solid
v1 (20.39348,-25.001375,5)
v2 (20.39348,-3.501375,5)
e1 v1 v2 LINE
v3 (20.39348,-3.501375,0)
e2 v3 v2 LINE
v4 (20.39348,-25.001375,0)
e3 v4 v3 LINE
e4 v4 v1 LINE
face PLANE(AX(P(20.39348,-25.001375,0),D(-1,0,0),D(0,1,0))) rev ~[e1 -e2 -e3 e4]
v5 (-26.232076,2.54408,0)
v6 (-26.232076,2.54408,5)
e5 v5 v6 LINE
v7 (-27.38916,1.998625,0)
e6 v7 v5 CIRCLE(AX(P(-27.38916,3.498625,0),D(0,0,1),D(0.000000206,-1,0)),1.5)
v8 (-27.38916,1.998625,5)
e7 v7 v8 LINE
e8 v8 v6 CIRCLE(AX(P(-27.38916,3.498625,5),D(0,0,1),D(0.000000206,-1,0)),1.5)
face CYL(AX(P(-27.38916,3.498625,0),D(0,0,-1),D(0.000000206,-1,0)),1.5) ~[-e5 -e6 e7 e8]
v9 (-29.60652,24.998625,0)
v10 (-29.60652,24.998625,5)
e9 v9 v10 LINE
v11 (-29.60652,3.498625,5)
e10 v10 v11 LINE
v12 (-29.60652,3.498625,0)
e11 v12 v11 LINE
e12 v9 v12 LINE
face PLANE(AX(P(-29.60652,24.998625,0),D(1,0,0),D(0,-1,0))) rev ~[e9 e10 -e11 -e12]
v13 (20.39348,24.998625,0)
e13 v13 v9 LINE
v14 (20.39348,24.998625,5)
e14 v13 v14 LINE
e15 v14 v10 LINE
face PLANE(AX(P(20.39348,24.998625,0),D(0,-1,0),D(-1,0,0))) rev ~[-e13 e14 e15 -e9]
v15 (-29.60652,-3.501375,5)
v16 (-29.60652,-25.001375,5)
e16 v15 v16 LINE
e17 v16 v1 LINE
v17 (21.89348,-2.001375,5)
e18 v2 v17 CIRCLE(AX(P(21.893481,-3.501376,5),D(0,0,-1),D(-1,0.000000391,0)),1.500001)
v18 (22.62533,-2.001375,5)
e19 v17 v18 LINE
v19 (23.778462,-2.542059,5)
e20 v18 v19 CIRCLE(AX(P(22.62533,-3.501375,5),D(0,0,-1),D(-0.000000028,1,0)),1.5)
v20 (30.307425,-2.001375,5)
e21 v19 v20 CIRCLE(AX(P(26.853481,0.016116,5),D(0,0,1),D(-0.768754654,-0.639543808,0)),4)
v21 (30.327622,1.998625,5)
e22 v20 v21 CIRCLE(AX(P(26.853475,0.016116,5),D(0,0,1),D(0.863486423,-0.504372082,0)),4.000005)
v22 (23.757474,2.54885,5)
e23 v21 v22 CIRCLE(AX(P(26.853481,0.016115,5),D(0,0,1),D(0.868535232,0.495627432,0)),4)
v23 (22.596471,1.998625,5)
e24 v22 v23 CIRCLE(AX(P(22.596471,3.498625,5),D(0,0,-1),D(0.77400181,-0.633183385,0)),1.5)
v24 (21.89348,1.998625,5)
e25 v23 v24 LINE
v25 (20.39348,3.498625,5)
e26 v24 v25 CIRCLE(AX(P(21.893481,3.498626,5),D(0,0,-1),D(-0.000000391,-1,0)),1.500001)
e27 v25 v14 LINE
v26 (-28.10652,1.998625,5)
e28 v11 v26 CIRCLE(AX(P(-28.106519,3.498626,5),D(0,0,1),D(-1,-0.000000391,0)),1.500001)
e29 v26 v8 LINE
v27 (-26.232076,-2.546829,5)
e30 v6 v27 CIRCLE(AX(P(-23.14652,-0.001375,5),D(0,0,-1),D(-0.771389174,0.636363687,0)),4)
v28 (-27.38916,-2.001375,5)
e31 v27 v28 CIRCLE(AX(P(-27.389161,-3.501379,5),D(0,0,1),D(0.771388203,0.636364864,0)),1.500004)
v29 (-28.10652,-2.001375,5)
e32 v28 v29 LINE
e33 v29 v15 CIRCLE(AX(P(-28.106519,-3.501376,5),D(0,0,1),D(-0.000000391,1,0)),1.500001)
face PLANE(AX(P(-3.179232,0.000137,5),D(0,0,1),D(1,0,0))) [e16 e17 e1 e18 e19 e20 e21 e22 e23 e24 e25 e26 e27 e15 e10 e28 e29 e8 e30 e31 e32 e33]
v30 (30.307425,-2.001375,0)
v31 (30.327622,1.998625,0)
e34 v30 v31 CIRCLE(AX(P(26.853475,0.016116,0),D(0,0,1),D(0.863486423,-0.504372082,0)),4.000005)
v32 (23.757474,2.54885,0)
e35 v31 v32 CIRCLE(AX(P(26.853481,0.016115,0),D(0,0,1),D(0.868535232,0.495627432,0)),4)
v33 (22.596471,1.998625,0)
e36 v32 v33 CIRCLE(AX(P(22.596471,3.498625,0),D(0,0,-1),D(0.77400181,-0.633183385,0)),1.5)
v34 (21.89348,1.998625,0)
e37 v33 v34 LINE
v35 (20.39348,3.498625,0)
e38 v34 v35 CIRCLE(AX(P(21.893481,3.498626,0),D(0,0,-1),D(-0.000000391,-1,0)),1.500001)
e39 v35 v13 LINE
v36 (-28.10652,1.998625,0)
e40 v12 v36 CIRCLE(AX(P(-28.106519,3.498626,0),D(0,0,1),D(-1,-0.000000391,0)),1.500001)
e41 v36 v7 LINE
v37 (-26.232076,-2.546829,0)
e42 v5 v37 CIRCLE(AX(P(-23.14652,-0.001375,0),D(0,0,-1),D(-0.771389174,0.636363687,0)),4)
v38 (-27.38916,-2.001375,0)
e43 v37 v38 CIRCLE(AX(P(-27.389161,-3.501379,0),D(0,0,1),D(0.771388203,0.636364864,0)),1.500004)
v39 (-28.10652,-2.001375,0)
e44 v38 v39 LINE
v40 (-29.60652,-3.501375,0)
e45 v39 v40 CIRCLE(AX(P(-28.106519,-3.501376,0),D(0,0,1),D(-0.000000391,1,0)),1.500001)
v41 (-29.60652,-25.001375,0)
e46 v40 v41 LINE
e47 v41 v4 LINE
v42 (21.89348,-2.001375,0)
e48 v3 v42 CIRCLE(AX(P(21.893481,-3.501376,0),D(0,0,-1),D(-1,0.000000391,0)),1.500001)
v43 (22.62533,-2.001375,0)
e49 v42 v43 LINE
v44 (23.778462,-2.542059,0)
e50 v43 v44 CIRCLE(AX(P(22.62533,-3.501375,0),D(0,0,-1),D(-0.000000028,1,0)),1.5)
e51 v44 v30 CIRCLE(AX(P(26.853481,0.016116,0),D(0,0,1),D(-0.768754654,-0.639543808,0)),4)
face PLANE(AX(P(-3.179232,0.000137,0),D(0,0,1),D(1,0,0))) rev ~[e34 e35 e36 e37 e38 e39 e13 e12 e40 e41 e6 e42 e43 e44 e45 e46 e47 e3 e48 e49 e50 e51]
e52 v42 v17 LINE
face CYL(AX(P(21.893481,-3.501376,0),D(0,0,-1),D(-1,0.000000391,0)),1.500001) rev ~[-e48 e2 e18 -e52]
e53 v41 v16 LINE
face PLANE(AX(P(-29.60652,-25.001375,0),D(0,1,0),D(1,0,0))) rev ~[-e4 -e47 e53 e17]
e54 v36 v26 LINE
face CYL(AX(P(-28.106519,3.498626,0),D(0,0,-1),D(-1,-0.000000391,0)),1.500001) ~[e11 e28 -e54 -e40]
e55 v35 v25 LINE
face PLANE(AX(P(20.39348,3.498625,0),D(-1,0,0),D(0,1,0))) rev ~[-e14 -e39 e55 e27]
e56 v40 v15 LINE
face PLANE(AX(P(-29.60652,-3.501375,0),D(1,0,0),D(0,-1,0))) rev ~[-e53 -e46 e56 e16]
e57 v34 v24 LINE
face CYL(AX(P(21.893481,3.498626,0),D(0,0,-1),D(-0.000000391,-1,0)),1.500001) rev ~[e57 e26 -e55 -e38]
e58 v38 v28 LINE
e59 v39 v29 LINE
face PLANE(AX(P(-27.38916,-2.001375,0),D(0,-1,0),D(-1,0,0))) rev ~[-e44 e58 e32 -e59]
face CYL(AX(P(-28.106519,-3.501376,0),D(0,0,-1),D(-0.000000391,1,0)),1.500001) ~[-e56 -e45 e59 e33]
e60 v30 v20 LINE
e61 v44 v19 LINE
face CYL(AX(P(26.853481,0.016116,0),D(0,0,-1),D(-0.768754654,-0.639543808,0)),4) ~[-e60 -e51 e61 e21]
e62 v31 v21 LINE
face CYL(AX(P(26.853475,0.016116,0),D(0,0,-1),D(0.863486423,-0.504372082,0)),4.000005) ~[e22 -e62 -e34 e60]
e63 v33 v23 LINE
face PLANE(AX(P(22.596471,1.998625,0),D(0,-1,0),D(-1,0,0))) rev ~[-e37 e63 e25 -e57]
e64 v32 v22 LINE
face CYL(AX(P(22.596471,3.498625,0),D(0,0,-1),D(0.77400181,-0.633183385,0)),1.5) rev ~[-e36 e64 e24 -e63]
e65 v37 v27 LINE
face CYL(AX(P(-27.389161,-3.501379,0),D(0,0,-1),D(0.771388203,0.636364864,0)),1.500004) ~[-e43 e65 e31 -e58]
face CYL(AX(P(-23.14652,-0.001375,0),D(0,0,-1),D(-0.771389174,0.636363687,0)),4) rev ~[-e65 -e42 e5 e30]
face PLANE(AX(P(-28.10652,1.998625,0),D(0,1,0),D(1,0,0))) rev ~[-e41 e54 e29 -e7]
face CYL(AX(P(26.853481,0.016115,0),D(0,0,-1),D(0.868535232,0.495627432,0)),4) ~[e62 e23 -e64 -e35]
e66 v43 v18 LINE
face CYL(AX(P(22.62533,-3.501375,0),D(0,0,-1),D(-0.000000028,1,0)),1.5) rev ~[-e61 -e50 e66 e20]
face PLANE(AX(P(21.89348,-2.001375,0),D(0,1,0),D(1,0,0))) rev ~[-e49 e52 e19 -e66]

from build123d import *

# Parameters (mm, degrees)
F1_DEPTH = 5


with BuildPart() as f1:
    # F0 (on Top) → F1 (new body)
    with BuildSketch(Plane.XY):
        with BuildLine():
            Line((20.39348, 24.998625), (-29.60652, 24.998625))
            Line((-29.60652, 24.998625), (-29.60652, 3.498625))
            ThreePointArc((-29.60652, 3.498625), (-29.16718, 2.437965), (-28.10652, 1.998625))
            Line((-28.10652, 1.998625), (-27.38916, 1.998625))
            ThreePointArc((-27.38916, 1.998625), (-26.749558, 2.141824), (-26.232076, 2.54408))
            ThreePointArc((-26.232076, 2.54408), (-19.14652, -0.001375), (-26.232076, -2.546829))
            ThreePointArc((-26.232076, -2.546829), (-26.749558, -2.144574), (-27.38916, -2.001375))
            Line((-27.38916, -2.001375), (-28.10652, -2.001375))
            ThreePointArc((-28.10652, -2.001375), (-29.16718, -2.440715), (-29.60652, -3.501375))
            Line((-29.60652, -3.501375), (-29.60652, -25.001375))
            Line((-29.60652, -25.001375), (20.39348, -25.001375))
            Line((20.39348, -25.001375), (20.39348, -3.501375))
            ThreePointArc((20.39348, -3.501375), (20.83282, -2.440715), (21.89348, -2.001375))
            Line((21.89348, -2.001375), (22.62533, -2.001375))
            ThreePointArc((22.62533, -2.001375), (23.262129, -2.143256), (23.778462, -2.542059))
            ThreePointArc((23.778462, -2.542059), (27.183603, -3.970238), (30.307425, -2.001375))
            ThreePointArc((30.307425, -2.001375), (30.853429, -0.004081), (30.327622, 1.998625))
            ThreePointArc((30.327622, 1.998625), (27.187297, 4.002162), (23.757474, 2.54885))
            ThreePointArc((23.757474, 2.54885), (23.238864, 2.143143), (22.596471, 1.998625))
            Line((22.596471, 1.998625), (21.89348, 1.998625))
            ThreePointArc((21.89348, 1.998625), (20.83282, 2.437965), (20.39348, 3.498625))
            Line((20.39348, 3.498625), (20.39348, 24.998625))
        make_face()
    extrude(amount=F1_DEPTH)


solid = f1.part
